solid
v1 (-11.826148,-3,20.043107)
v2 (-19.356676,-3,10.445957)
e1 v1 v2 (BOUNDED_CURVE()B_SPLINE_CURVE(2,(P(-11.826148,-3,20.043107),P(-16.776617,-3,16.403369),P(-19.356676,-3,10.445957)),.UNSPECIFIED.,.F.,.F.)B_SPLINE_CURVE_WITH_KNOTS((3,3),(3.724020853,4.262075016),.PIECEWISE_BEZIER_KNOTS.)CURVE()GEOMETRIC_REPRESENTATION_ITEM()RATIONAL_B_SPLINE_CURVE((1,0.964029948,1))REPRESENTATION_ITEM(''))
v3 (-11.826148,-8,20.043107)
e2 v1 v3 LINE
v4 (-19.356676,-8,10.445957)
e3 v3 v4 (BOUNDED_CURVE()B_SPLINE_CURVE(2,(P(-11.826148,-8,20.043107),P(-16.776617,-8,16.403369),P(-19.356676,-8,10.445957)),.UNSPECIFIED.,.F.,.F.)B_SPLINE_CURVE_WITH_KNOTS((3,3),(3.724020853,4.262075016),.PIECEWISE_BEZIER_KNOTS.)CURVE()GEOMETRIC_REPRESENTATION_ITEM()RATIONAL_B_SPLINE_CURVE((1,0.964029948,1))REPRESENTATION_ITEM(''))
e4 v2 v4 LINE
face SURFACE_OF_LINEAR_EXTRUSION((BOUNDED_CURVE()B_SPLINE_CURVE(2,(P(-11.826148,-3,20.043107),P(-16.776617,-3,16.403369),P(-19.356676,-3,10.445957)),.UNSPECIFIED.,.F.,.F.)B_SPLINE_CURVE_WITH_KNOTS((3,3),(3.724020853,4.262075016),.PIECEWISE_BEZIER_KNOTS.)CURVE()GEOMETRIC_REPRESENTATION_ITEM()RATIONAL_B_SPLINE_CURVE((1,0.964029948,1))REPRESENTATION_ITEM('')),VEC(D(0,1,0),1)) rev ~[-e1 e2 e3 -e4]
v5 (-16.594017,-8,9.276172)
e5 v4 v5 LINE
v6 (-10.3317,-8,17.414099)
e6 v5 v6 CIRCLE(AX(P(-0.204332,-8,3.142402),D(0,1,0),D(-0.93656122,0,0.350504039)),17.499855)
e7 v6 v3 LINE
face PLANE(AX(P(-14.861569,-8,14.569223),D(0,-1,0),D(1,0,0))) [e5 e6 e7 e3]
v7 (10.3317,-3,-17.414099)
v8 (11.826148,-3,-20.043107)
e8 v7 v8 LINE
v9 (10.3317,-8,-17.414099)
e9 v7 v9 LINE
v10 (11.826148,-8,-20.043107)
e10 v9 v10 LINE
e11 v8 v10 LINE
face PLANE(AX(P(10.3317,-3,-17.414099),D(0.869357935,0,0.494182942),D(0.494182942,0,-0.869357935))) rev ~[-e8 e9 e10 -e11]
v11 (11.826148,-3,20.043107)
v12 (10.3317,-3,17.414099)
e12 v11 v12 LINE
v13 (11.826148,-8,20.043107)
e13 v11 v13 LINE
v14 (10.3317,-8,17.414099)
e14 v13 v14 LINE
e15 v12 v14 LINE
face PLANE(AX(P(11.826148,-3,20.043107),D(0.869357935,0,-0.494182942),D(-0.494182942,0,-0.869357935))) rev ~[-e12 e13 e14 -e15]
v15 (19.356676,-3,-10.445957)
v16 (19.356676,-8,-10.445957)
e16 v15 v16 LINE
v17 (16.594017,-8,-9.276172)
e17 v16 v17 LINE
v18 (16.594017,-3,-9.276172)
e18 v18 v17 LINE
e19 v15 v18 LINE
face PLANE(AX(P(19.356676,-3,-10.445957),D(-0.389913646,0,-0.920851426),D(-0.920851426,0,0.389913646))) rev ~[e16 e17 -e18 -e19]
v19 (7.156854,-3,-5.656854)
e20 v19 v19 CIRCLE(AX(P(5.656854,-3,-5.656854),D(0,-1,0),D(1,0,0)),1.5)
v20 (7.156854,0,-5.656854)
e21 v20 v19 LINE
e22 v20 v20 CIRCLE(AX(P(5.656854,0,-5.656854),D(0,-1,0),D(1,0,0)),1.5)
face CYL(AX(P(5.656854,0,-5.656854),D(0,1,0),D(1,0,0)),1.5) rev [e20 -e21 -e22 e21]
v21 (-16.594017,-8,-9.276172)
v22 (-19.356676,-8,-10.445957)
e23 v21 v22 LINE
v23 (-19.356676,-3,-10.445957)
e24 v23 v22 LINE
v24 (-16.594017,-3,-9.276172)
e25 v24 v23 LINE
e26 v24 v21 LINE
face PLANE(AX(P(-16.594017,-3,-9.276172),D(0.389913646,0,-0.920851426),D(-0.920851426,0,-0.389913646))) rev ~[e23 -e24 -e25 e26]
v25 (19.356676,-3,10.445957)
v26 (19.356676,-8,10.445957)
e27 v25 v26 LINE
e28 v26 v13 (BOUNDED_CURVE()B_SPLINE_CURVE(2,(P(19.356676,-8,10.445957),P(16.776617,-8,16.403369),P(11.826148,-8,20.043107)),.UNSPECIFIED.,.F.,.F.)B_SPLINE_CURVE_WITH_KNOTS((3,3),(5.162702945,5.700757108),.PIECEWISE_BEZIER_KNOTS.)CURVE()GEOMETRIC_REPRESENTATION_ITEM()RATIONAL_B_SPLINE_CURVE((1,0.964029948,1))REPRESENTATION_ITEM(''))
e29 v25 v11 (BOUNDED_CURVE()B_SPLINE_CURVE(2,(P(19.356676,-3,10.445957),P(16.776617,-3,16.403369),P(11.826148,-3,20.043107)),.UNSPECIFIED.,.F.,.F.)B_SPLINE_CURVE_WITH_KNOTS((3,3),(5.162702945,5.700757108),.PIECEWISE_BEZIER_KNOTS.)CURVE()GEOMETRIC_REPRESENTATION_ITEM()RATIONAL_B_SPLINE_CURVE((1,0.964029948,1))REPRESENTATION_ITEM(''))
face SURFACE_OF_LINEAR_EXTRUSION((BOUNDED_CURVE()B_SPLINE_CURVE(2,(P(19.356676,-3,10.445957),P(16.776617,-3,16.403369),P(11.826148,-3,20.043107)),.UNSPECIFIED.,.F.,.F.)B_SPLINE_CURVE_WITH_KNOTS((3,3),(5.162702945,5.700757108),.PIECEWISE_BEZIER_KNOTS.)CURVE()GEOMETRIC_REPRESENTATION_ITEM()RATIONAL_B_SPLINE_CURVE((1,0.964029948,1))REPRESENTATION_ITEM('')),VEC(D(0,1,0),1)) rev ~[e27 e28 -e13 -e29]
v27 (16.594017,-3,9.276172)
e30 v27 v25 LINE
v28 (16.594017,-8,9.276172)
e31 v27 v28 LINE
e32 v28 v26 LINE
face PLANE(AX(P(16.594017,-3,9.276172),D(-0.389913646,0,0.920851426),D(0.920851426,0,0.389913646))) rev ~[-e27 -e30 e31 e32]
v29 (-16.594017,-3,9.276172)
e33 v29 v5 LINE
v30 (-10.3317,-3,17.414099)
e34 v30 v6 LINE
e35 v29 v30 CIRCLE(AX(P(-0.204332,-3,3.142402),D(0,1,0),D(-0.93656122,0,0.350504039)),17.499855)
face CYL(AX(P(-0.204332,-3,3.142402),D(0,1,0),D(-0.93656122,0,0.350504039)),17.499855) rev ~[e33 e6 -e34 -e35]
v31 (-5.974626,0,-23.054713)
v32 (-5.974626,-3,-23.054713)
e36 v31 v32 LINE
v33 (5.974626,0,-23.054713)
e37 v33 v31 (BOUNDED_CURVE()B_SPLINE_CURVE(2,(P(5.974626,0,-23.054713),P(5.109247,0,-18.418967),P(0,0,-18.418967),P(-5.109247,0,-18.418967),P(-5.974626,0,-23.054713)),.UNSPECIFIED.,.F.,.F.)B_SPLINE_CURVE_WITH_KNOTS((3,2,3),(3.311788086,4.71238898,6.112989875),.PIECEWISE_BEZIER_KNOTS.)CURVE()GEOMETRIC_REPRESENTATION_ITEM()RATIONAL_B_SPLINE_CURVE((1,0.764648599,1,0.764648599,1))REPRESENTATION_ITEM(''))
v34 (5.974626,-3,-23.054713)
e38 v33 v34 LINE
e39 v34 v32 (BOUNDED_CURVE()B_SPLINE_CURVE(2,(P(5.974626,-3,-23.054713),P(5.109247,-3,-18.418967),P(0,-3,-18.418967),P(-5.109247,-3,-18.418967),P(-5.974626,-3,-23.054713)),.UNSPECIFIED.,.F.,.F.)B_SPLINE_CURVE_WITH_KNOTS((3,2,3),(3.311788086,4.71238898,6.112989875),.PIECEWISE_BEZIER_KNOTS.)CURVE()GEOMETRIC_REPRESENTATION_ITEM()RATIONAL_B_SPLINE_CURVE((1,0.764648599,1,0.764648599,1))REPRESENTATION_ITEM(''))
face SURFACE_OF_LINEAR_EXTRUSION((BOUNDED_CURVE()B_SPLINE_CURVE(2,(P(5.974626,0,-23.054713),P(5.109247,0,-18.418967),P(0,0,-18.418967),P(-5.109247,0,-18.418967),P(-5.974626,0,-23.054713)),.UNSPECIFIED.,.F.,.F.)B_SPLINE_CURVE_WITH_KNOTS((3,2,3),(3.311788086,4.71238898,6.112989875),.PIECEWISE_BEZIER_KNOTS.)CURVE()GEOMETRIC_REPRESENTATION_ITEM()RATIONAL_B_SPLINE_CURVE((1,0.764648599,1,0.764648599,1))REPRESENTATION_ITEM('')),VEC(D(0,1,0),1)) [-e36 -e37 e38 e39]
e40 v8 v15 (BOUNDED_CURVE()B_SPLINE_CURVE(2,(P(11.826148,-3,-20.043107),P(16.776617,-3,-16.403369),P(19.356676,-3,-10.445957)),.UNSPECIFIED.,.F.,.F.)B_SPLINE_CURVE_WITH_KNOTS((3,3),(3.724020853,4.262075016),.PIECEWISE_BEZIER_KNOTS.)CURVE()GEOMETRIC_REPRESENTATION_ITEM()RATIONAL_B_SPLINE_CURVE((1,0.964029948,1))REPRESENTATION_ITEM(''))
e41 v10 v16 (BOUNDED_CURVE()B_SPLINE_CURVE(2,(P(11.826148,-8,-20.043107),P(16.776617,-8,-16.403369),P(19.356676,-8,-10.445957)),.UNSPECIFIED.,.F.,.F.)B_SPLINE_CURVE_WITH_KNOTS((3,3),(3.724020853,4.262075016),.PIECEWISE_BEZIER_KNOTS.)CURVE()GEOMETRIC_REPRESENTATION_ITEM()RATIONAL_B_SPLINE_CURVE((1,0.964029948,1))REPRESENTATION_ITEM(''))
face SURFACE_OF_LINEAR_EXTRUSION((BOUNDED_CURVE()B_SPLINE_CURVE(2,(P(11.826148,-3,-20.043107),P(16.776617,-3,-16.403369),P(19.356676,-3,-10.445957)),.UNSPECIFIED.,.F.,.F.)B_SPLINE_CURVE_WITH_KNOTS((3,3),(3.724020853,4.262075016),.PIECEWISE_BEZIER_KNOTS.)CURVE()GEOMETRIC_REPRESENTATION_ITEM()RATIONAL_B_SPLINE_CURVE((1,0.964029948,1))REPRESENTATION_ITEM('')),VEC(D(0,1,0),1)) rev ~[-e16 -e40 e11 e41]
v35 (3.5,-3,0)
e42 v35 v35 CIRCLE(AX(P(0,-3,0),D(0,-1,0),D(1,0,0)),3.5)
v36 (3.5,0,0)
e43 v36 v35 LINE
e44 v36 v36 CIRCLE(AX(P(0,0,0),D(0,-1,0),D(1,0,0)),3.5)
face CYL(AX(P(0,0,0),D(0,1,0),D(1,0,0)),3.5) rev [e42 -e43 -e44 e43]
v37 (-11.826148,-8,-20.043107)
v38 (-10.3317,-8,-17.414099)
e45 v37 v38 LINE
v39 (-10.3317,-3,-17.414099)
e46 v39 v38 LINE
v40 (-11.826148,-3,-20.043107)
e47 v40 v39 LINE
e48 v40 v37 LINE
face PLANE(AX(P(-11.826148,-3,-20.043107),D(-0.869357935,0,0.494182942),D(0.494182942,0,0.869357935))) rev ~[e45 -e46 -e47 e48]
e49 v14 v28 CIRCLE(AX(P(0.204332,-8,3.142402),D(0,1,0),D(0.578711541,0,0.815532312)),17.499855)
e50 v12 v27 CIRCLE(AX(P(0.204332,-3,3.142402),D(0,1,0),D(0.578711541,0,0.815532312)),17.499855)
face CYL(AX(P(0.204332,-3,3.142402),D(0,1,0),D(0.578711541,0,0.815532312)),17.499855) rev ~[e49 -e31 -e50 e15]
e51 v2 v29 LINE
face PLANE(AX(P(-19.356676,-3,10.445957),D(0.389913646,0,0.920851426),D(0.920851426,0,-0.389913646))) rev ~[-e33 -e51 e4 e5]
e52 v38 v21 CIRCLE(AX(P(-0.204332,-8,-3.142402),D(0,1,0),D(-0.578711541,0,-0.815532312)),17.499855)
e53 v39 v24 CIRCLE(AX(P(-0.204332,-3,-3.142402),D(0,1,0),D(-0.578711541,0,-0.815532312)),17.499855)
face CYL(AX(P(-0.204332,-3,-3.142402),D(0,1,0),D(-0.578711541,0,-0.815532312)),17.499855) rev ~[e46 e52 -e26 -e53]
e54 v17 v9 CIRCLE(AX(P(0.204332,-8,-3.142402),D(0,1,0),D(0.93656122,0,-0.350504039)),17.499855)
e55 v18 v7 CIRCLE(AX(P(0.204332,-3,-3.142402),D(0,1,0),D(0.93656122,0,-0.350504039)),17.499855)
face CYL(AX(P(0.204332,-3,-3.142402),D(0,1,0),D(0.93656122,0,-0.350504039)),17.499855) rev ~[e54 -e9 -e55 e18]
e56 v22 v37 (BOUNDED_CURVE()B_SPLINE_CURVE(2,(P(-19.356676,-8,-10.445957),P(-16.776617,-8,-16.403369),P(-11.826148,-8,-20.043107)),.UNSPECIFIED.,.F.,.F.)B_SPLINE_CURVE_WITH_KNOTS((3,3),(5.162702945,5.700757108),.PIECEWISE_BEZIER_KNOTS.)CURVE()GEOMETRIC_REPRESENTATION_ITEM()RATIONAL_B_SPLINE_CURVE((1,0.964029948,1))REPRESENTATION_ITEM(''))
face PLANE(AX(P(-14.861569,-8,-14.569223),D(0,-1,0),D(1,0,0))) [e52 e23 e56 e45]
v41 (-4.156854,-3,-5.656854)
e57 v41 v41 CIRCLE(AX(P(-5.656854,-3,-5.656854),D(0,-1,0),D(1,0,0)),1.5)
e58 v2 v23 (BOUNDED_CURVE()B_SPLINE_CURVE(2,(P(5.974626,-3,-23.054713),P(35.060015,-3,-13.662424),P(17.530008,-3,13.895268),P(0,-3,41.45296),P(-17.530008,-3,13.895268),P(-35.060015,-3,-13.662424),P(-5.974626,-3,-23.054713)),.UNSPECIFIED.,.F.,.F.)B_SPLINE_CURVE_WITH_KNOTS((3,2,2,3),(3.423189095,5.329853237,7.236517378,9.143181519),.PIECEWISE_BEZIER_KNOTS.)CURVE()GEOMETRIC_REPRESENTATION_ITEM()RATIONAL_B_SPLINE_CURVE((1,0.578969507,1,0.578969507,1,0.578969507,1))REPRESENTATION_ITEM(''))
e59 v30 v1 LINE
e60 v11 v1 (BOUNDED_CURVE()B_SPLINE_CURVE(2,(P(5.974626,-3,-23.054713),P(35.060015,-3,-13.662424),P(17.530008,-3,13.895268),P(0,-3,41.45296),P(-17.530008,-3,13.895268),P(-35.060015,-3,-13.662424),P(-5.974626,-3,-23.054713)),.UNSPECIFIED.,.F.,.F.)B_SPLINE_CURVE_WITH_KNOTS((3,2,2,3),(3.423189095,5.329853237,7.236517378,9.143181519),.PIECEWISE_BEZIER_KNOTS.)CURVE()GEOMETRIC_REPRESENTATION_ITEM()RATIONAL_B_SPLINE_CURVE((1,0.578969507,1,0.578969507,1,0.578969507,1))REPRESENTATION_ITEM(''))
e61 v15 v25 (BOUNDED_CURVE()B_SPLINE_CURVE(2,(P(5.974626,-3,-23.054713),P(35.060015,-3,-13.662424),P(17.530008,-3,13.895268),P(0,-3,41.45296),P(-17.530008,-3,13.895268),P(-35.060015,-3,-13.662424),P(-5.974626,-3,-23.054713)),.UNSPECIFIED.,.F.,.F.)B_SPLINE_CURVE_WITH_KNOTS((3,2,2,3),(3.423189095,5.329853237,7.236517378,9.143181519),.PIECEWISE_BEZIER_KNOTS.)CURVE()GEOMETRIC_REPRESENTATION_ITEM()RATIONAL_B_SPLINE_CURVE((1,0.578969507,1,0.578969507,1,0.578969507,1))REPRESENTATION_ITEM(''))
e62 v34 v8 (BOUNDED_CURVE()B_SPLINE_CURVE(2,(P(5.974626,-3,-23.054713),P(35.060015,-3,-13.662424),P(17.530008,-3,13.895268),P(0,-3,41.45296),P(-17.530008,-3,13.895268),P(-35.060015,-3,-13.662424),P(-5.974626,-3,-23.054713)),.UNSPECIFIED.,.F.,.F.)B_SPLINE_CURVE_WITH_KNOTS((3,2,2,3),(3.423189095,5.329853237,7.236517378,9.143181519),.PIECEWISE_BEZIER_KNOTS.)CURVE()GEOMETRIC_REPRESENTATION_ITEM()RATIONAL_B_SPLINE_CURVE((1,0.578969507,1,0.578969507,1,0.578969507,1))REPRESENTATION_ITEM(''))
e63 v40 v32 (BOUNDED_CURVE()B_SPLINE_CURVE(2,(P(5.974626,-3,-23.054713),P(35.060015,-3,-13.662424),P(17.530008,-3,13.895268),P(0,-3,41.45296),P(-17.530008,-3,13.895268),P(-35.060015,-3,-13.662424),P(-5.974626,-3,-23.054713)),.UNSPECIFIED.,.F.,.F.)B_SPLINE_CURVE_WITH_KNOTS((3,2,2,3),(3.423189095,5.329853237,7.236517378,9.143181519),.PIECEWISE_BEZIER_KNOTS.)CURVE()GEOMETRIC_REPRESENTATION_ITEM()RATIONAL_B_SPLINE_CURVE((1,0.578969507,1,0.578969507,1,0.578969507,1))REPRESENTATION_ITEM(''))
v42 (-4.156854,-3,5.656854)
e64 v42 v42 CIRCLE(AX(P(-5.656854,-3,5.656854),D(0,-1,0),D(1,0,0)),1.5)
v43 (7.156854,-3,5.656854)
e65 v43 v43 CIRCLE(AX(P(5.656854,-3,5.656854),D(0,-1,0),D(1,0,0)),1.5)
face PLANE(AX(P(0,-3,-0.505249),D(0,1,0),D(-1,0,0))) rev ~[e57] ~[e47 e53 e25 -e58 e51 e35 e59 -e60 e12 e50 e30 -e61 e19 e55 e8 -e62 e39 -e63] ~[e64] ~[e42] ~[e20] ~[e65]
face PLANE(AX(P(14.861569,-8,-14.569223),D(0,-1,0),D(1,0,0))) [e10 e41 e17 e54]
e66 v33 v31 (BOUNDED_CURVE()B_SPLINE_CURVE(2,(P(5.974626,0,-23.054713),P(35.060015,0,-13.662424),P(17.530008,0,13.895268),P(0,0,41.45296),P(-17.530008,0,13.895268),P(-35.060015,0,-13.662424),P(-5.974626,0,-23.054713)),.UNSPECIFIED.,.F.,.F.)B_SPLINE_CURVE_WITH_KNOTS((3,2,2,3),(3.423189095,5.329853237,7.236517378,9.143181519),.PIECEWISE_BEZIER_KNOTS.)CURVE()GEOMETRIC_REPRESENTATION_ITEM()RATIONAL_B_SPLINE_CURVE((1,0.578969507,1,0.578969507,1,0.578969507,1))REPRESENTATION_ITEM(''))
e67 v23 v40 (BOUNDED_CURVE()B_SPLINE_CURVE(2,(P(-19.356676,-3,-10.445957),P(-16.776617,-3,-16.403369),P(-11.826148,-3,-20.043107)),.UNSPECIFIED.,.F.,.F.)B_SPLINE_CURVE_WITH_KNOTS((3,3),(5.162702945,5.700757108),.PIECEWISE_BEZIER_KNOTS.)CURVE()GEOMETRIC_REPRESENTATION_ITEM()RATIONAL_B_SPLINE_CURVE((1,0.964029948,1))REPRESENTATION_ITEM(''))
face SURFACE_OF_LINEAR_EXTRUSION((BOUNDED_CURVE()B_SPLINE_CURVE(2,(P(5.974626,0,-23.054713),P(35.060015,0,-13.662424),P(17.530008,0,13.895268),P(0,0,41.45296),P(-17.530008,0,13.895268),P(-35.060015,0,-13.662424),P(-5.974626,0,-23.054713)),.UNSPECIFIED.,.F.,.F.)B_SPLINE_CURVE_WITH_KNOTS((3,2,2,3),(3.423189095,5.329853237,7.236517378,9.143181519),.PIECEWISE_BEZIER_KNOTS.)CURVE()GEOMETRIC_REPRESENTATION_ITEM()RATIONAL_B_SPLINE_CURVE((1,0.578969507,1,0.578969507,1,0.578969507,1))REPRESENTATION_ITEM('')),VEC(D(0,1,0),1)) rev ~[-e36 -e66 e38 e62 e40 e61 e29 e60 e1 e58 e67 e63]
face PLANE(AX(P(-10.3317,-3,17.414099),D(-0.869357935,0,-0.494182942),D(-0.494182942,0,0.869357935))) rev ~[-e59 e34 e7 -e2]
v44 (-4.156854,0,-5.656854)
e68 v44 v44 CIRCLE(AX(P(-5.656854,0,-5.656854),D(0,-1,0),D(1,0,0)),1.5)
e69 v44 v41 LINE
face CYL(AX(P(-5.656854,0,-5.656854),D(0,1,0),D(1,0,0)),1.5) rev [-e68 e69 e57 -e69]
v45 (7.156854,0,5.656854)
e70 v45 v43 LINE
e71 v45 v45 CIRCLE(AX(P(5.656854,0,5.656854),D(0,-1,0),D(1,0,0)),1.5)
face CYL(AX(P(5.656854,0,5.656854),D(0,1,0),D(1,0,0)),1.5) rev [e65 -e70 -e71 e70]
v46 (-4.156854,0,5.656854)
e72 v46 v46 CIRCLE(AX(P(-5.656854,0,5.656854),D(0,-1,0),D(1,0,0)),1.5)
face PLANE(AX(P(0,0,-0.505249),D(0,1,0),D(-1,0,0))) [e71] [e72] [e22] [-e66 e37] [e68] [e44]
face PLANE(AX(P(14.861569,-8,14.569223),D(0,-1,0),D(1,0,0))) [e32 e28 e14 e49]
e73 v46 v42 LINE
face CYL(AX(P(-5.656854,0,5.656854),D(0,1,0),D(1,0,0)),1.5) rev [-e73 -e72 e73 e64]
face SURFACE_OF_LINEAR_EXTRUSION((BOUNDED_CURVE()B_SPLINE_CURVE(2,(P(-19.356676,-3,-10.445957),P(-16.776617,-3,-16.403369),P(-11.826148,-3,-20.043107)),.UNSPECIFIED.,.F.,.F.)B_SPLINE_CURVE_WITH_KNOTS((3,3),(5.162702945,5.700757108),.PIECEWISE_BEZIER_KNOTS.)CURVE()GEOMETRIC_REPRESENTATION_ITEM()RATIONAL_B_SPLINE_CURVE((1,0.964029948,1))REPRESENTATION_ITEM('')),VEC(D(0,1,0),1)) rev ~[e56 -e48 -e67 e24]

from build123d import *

# Parameters (mm, degrees)
F0_R     = 1.5
F0_R_2   = 3.5
F1_DEPTH = 3
F3_DEPTH = 5


with BuildPart() as f1:
    # F0 (on Front) → F1 (new body)
    with BuildSketch(Plane.XZ):
        with BuildLine():
            add(Edge.make_bspline(
                [(5.974625644, -23.0547126744), (5.1092471146, -18.4189665252), (0, -18.4189665252), (-5.1092471146, -18.4189665252), (-5.974625644, -23.0547126744)],
                knots=[3.3117880857, 3.3117880857, 3.3117880857, 4.7123889804, 4.7123889804, 6.1129898751, 6.1129898751, 6.1129898751], degree=2, weights=[1, 0.7646485993, 1, 0.7646485993, 1]))
            add(Edge.make_bspline(
                [(5.974625644, -23.0547126744), (35.0600153752, -13.6624239269), (17.5300076876, 13.8952681794), (0, 41.4529602857), (-17.5300076876, 13.8952681794), (-35.0600153752, -13.6624239269), (-5.974625644, -23.0547126744)],
                knots=[3.4231890954, 3.4231890954, 3.4231890954, 5.3298532366, 5.3298532366, 7.2365173778, 7.2365173778, 9.143181519, 9.143181519, 9.143181519], degree=2, weights=[1, 0.5789695075, 1, 0.5789695075, 1, 0.5789695075, 1]))
        make_face()
        with Locations((-5.656854248, -5.6568542509)):
            Circle(F0_R, mode=Mode.SUBTRACT)
        with Locations((5.6568542502, -5.6568542488)):
            Circle(F0_R, mode=Mode.SUBTRACT)
        Circle(F0_R_2, mode=Mode.SUBTRACT)
        with Locations((-5.6568542517, 5.6568542473)):
            Circle(F0_R, mode=Mode.SUBTRACT)
        with Locations((5.6568542495, 5.6568542495)):
            Circle(F0_R, mode=Mode.SUBTRACT)
    extrude(amount=F1_DEPTH)

    # F2 (on face) → F3 (join)
    with BuildSketch(Plane.XZ.offset(3)):
        with BuildLine():
            Line((16.5940169989, 9.2761721889), (19.3566756245, 10.44595731))
            add(Edge.make_bspline(
                [(19.3566756245, 10.44595731), (16.7766172987, 16.4033689981), (11.8261484692, 20.0431073747)],
                knots=[5.1627029451, 5.1627029451, 5.1627029451, 5.7007571079, 5.7007571079, 5.7007571079], degree=2, weights=[1, 0.9640299482, 1]))
            Line((11.8261484692, 20.0431073747), (10.3316996668, 17.4140993408))
            ThreePointArc((10.3316996668, 17.4140993408), (14.073181445, 13.8147930783), (16.5940169989, 9.2761721889))
        make_face()
        with BuildLine():
            ThreePointArc((16.5940169989, -9.2761721889), (14.073181445, -13.8147930783), (10.3316996668, -17.4140993408))
            Line((10.3316996668, -17.4140993408), (11.8261484692, -20.0431073747))
            add(Edge.make_bspline(
                [(11.8261484692, -20.0431073747), (16.7766172987, -16.4033689981), (19.3566756245, -10.44595731)],
                knots=[3.7240208529, 3.7240208529, 3.7240208529, 4.2620750157, 4.2620750157, 4.2620750157], degree=2, weights=[1, 0.9640299482, 1]))
            Line((19.3566756245, -10.44595731), (16.5940169989, -9.2761721889))
        make_face()
        with BuildLine():
            ThreePointArc((-16.5940169989, 9.2761721889), (-14.073181445, 13.8147930783), (-10.3316996668, 17.4140993408))
            Line((-10.3316996668, 17.4140993408), (-11.8261484692, 20.0431073747))
            add(Edge.make_bspline(
                [(-11.8261484692, 20.0431073747), (-16.7766172987, 16.4033689981), (-19.3566756245, 10.44595731)],
                knots=[3.7240208529, 3.7240208529, 3.7240208529, 4.2620750157, 4.2620750157, 4.2620750157], degree=2, weights=[1, 0.9640299482, 1]))
            Line((-19.3566756245, 10.44595731), (-16.5940169989, 9.2761721889))
        make_face()
        with BuildLine():
            ThreePointArc((-10.3316996668, -17.4140993408), (-14.073181445, -13.8147930783), (-16.5940169989, -9.2761721889))
            Line((-16.5940169989, -9.2761721889), (-19.3566756245, -10.44595731))
            add(Edge.make_bspline(
                [(-19.3566756245, -10.44595731), (-16.7766172987, -16.4033689981), (-11.8261484692, -20.0431073747)],
                knots=[5.1627029451, 5.1627029451, 5.1627029451, 5.7007571079, 5.7007571079, 5.7007571079], degree=2, weights=[1, 0.9640299482, 1]))
            Line((-11.8261484692, -20.0431073747), (-10.3316996668, -17.4140993408))
        make_face()
    extrude(amount=F3_DEPTH)


solid = f1.part
